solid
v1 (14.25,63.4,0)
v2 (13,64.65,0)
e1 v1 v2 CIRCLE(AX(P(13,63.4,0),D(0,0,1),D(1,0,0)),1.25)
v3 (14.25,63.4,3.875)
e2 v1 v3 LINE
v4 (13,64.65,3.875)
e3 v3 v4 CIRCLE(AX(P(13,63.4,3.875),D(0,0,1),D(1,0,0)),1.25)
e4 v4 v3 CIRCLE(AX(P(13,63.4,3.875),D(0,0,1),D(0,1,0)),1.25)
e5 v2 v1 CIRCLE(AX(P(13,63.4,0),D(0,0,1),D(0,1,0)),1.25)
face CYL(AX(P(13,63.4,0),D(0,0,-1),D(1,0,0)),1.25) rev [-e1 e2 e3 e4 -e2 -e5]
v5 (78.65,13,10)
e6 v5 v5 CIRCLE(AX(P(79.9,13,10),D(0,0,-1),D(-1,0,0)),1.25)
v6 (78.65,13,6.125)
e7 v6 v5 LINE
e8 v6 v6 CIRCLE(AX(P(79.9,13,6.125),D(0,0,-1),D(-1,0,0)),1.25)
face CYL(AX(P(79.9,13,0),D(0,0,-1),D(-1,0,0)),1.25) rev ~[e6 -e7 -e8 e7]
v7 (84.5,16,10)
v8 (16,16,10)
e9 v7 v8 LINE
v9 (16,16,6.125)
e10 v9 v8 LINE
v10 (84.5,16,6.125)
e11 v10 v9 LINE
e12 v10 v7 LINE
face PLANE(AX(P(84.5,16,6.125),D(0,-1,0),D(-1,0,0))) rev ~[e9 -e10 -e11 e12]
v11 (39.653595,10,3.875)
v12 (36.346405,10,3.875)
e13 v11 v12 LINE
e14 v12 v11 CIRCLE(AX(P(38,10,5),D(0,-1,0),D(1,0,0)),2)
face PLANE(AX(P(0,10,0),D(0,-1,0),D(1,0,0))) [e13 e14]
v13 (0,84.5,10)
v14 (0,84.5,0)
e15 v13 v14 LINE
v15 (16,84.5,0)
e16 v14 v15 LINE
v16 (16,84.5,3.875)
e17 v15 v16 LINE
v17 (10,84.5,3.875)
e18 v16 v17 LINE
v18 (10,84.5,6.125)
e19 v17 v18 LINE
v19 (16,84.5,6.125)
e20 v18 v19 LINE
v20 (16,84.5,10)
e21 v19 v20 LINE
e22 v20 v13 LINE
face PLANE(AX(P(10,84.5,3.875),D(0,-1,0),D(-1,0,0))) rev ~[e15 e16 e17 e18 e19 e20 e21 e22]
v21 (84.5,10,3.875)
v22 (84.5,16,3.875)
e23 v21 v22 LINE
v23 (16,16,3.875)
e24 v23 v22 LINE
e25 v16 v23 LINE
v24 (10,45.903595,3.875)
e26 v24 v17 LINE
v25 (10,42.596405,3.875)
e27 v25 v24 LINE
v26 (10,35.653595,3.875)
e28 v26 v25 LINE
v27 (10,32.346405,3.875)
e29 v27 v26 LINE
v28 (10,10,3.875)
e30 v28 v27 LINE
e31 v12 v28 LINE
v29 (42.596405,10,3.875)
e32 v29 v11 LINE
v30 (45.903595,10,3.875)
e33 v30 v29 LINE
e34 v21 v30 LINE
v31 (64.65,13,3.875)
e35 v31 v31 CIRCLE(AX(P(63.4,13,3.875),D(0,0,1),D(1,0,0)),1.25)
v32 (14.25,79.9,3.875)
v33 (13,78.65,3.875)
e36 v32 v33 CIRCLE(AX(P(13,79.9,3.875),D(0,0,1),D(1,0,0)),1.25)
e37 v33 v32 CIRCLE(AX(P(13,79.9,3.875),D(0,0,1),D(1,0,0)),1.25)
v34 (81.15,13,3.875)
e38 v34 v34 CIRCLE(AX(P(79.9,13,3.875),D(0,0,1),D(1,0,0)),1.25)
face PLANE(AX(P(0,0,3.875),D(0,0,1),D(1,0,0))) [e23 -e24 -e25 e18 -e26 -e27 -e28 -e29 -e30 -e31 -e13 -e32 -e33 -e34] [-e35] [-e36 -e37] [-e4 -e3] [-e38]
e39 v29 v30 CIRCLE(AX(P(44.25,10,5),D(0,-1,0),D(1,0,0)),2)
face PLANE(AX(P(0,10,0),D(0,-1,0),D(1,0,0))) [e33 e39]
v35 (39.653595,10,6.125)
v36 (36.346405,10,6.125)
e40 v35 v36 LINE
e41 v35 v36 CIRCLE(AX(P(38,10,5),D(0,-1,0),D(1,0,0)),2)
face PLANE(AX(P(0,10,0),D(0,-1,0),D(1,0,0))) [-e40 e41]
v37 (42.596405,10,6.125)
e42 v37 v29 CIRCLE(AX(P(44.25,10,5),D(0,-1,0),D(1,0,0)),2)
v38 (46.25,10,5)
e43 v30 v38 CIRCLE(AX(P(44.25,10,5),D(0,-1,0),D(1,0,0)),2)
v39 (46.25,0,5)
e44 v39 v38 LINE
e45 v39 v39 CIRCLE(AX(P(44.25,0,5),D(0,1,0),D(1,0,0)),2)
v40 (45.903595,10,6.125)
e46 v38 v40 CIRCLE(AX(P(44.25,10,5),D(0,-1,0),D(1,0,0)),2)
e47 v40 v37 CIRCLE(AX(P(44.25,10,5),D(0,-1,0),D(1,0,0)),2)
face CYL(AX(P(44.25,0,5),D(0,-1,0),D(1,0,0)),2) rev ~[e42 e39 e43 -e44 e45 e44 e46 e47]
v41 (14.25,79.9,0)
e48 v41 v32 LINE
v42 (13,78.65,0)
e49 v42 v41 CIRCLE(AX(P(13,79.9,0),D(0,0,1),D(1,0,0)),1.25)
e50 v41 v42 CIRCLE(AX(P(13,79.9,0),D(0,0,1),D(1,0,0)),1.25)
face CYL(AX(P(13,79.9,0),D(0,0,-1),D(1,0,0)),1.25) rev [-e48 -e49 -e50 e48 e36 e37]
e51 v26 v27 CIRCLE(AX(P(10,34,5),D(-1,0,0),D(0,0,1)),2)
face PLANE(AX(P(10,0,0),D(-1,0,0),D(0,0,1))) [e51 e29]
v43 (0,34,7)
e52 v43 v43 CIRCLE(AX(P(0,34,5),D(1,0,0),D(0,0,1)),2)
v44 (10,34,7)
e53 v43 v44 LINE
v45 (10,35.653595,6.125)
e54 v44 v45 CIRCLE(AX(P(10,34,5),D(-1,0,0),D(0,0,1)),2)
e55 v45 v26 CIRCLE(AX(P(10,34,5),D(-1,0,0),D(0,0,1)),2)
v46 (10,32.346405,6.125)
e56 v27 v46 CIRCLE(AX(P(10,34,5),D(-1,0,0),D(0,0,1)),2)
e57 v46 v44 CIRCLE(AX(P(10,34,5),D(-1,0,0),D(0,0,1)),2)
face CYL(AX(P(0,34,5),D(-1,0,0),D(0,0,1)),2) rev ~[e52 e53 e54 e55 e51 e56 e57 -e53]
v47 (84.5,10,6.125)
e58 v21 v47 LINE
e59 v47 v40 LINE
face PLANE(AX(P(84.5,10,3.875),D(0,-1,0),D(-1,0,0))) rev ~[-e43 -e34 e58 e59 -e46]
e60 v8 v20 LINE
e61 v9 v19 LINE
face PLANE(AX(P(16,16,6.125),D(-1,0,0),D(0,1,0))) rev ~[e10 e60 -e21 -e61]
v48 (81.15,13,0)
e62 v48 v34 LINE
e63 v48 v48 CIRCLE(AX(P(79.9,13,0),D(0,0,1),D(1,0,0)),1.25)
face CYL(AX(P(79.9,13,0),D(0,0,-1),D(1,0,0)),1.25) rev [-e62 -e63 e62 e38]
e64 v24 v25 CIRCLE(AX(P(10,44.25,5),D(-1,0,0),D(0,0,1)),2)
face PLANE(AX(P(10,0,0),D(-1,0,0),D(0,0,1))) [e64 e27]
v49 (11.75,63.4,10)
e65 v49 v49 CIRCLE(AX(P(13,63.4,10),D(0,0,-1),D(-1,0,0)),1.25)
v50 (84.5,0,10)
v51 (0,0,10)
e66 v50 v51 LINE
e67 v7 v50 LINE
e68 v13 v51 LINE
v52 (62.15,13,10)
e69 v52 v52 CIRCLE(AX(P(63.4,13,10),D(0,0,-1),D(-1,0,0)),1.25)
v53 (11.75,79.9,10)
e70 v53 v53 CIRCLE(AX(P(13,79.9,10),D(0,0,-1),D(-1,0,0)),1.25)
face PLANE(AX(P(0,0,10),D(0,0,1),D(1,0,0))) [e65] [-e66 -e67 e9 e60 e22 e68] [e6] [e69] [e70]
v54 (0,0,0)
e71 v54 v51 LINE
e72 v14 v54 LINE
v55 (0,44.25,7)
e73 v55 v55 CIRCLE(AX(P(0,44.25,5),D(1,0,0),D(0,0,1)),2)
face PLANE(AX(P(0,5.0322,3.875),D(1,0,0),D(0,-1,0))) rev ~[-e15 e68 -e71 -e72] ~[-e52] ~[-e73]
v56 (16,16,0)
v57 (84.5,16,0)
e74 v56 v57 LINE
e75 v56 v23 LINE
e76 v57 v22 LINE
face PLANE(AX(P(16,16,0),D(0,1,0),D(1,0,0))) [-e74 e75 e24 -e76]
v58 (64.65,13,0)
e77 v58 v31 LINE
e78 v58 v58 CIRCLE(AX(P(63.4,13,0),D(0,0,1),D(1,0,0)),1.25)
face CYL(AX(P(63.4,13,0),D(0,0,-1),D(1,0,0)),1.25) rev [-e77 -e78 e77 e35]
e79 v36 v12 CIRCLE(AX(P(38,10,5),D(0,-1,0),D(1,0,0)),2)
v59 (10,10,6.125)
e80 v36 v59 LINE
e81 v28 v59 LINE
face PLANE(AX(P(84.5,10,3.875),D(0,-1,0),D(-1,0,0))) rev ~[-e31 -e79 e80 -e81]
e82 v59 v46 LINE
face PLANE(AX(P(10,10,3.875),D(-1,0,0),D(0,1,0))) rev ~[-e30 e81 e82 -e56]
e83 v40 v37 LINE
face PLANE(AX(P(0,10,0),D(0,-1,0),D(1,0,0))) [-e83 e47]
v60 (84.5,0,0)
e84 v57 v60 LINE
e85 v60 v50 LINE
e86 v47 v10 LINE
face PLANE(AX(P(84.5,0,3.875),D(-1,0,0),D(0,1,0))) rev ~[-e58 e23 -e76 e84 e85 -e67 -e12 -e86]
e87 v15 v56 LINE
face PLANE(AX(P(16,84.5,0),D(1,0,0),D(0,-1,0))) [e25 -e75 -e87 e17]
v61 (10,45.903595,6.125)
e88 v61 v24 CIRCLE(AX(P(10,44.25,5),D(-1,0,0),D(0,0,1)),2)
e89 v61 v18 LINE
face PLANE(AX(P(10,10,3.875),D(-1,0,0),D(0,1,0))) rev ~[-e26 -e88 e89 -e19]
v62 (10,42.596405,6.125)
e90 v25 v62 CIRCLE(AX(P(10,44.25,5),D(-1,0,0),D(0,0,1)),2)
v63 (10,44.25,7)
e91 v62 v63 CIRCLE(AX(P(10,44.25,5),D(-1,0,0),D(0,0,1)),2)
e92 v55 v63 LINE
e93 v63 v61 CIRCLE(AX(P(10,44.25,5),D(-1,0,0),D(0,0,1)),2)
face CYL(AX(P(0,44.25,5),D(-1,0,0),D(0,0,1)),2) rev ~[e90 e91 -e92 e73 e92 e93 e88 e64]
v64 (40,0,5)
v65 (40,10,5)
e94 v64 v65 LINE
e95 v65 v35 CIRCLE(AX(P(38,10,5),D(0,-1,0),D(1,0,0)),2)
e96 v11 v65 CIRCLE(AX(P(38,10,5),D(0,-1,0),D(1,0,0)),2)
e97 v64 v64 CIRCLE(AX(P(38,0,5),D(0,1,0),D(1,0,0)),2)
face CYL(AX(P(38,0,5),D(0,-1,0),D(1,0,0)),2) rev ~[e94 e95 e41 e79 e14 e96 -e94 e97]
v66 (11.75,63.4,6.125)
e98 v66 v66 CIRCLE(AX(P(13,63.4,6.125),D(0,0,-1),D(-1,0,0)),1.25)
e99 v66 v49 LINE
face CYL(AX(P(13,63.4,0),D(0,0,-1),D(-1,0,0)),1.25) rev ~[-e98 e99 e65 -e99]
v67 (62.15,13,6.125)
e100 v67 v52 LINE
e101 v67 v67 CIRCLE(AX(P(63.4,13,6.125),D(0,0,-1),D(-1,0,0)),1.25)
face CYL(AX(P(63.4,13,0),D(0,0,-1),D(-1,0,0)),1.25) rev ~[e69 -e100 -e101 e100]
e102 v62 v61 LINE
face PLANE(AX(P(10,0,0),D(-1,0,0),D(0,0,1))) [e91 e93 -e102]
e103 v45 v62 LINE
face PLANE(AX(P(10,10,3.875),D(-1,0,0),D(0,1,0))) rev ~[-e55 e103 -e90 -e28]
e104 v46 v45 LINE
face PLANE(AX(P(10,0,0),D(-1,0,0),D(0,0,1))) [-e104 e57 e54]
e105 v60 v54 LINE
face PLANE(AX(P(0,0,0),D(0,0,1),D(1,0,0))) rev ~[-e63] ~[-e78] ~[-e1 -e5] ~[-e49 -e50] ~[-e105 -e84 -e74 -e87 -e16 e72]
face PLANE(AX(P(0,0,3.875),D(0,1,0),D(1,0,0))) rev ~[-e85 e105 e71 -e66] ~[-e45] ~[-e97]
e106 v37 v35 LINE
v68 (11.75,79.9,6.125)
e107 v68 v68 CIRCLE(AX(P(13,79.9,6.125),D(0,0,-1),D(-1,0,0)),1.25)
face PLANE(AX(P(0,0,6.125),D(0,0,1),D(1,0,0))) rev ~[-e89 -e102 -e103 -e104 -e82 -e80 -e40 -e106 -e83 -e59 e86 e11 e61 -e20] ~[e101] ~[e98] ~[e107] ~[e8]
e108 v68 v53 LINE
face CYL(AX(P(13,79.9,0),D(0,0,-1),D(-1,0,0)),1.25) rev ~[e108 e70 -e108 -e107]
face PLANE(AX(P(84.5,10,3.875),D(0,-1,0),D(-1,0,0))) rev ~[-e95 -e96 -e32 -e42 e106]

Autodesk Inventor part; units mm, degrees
ref_plane "YZ Plane" through (0, 0, 0) normal (1, 0, 0) x (0, 1, 0)
ref_plane "XZ Plane" through (0, 0, 0) normal (0, 1, 0) x (-1, 0, 0)
ref_plane "XY Plane" through (0, 0, 0) normal (0, 0, 1) x (1, 0, 0)
sketch "Sketch1" plane through (0, 0, 0) normal (0, 0, 1) x (1, 0, 0)
  line L0 (0, 0) -> (0, 10)
  line L1 (0, 10) -> (0, 78.5)
  line L2 (0, 78.5) -> (0, 84.5)
  line L3 (0, 84.5) -> (10, 84.5)
  line L4 (10, 84.5) -> (16, 84.5)
  line L5 (16, 84.5) -> (16, 16)
  line L6 (16, 16) -> (84.5, 16)
  line L7 (84.5, 0) -> (0, 0)
  line L8 (10, 84.5) -> (10, 10)
  line L9 (84.5, 16) -> (84.5, 10)
  line L10 (84.5, 10) -> (84.5, 0)
  line L11 (84.5, 0) -> (0, 0)
  line L12 (84.5, 10) -> (10, 10)
  circle A0 centre (13, 79.9) radius 1.25
  circle A1 centre (13, 63.4) radius 1.25
  line L13 (13, 82.5899) -> (13, 13)
  circle A2 centre (63.4, 13) radius 1.25
  circle A3 centre (79.9, 13) radius 1.25
  point P0 (13, 84.5)
  dimension "d0" = 68.5
  dimension "d1" = 10
  dimension "d2" = 10
  dimension "d3" = 6
  dimension "d6" = 10
  dimension "d7" = 6
  dimension "d8" = 0
  dimension "d9" = 2.5
  dimension "d11" = 6
  dimension "d13" = 69.9
  dimension "d14" = 2.5
  dimension "d15" = 53.4
  dimension "d16" = 0
  dimension "d17" = 84.5
  dimension "d20" = 90
extrude "Extrusion1" add sketch "Sketch1" along normal blind 3.875
sketch "Sketch2" plane through (0, 0, 3.875) normal (0, 0, 1) x (1, 0, 0)
  line L0 (0, 0) -> (84.5, 0) projected
  line L1 (84.5, 0) -> (84.5, 16) projected
  line L2 (84.5, 16) -> (16, 16) projected
  line L3 (16, 16) -> (16, 84.5) projected
  line L4 (16, 84.5) -> (0, 84.5) projected
  line L5 (0, 84.5) -> (0, 0) projected
  circle A0 centre (13, 63.4) radius 1.25 projected
  circle A1 centre (13, 79.9) radius 1.25 projected
  circle A2 centre (63.4, 13) radius 1.25 projected
  circle A3 centre (79.9, 13) radius 1.25 projected
  line L6 (0, 0) -> (5.4402, 0)
  line L7 (10, 10) -> (10, 84.5)
  line L8 (10, 84.5) -> (0, 84.5)
  line L9 (0, 84.5) -> (0, 0)
  line L10 (84.5, 0) -> (84.5, 16) projected
  line L11 (0, 0) -> (84.5, 0)
  line L12 (84.5, 0) -> (84.5, 10)
  line L13 (84.5, 10) -> (10, 10)
  line L14 (0, 5.0322) -> (0, 0)
  dimension "d24" = 10
  dimension "d25" = 10
extrude "Extrusion2" add sketch "Sketch2" along normal blind 2.25 contours L5 L4 L7 L13 L1 L0
sketch "Sketch5" plane through (0, 0, 6.125) normal (0, 0, 1) x (1, 0, 0)
  line L0 (10, 10) -> (10, 84.5) projected
  line L1 (10, 84.5) -> (0, 84.5) projected
  line L2 (0, 84.5) -> (0, 0) projected
  line L3 (0, 0) -> (84.5, 0) projected
  line L4 (84.5, 0) -> (84.5, 10) projected
  line L5 (84.5, 10) -> (10, 10) projected
  circle A0 centre (79.9, 13) radius 1.25 projected
  circle A1 centre (63.4, 13) radius 1.25 projected
  circle A2 centre (13, 79.9) radius 1.25 projected
  circle A3 centre (13, 63.4) radius 1.25 projected
  line L6 (10, 84.5) -> (10, 10) projected
  line L7 (10, 10) -> (84.5, 10) projected
  line L8 (84.5, 10) -> (84.5, 16) projected
  line L9 (84.5, 16) -> (16, 16) projected
  line L10 (16, 16) -> (16, 84.5) projected
  line L11 (16, 84.5) -> (10, 84.5) projected
  line L12 (0, 84.5) -> (16, 84.5)
  line L13 (16, 0) -> (0, 0)
  line L14 (0, 0) -> (0, 84.5)
  line L15 (0, 0) -> (84.5, 0)
  line L16 (84.5, 0) -> (84.5, 16)
  line L17 (84.5, 16) -> (16, 16)
  line L18 (0, 16) -> (0, 0)
  line L19 (16, 84.5) -> (16, 16)
extrude "Extrusion5" add sketch "Sketch5" along normal blind 3.875 contours L5 L4 L3 L2 L1 L0 | L0 L11 L10 L9 L8 L5 | A0 | A1 | A2 | A3
sketch "Sketch6" plane through (0, 0, 0) normal (-1, 0, 0) x (0, 0, 1)
  line L0 (3.875, 84.5) -> (3.875, 10) projected
  line L1 (3.875, 84.5) -> (6.125, 84.5) projected
  line L2 (6.125, 10) -> (6.125, 84.5) projected
  line L3 (3.875, 10) -> (6.125, 10) projected
  line L4 (0, 84.5) -> (10, 84.5) projected
  line L5 (0, 84.5) -> (0, 0) projected
  line L6 (0, 0) -> (10, 0) projected
  line L7 (10, 84.5) -> (10, 0) projected
  circle A0 centre (5, 44.25) radius 2
  circle A1 centre (5, 34) radius 2
  point P0 (6.125, 47.25)
  dimension "d51" = 4
  dimension "d52" = 4
  dimension "d53" = 10
  dimension "d54" = 5
  dimension "d55" = 5
  dimension "d73" = 24
  dimension "d74" = 34.25
extrude "Extrusion6" cut sketch "Sketch6" against normal blind 10 contours A0 L2 L0 | L0 A0 | A0 L2 | A1 L2 L0 | L0 A1 | A1 L2
sketch "Sketch7" plane through (0, 0, 0) normal (0, -1, 0) x (1, 0, 0)
  line L0 (10, 3.875) -> (84.5, 3.875) projected
  line L1 (10, 3.875) -> (10, 6.125) projected
  line L2 (84.5, 6.125) -> (10, 6.125) projected
  line L3 (84.5, 3.875) -> (84.5, 6.125) projected
  line L4 (0, 0) -> (0, 10) projected
  line L5 (0, 0) -> (84.5, 0) projected
  line L6 (84.5, 0) -> (84.5, 10) projected
  line L7 (0, 10) -> (84.5, 10) projected
  circle A0 centre (44.25, 5) radius 2
  circle A1 centre (38, 5) radius 2
  point P0 (84.5, 5)
  dimension "d60" = 4
  dimension "d61" = 4
  dimension "d62" = 10
  dimension "d63" = 5
  dimension "d64" = 5
  dimension "d77" = 28
  dimension "d78" = 34.25
extrude "Extrusion7" cut sketch "Sketch7" against normal blind 10 contours A1 L2 L0 | L0 A1 | A1 L2 | A0 L2 L0 | L0 A0 | A0 L2
sketch "Sketch8" plane through (0, 0, 0) normal (0, 0, -1) x (-1, 0, 0)
  line L0 (0, 0) -> (-84.5, 0) projected
  line L1 (0, 84.5) -> (0, 0) projected
  line L2 (-16, 84.5) -> (0, 84.5) projected
  line L3 (-16, 16) -> (-16, 84.5) projected
  line L4 (-84.5, 16) -> (-16, 16) projected
  line L5 (-84.5, 0) -> (-84.5, 16) projected
  circle A0 centre (-13, 63.4) radius 1.25 projected
  circle A1 centre (-13, 79.9) radius 1.25 projected
  circle A2 centre (-63.4, 13) radius 1.25 projected
  circle A3 centre (-79.9, 13) radius 1.25 projected
  circle A4 centre (-79.9, 13) radius 1.25
  circle A5 centre (-63.4, 13) radius 1.25
  circle A6 centre (-13, 63.4) radius 1.25
  circle A7 centre (-13, 79.9) radius 1.25
extrude "Extrusion8" cut sketch "Sketch8" against normal through all contours A0 | A1 | A2 | A3
equation "\"d0\" = PCB_L"
equation "\"d1\" = Clamp_Bracket_W"
equation "\"d2\" = Clamp_Bracket_W"
equation "\"d3\" = Trim_Mount_W"
equation "\"d6\" = d1"
equation "\"d7\" = d3"
equation "\"d11\" = Trim_Mount_W"
equation "\"d14\" = d9"
equation "\"d17\" = d0 + d1 + d11"
equation "\"d22\" = Mount_W_Back"
equation "\"d24\" = Clamp_Bracket_W"
equation "\"d25\" = Clamp_Bracket_W"
equation "\"d49\" = Mount_W_Front"
equation "\"d51\" = Post_Mount_Hole_D"
equation "\"d52\" = d51"
equation "\"d54\" = 0.5 * d53"
equation "\"d55\" = 0.5 * d53"
equation "\"d73\" = 0.5 * PCB_W - PCB_W_Offset"
equation "\"d74\" = 0.5 * PCB_L"
equation "\"d58\" = Clamp_Bracket_W"
equation "\"d60\" = d51"
equation "\"d61\" = d51"
equation "\"d63\" = 0.5 * d62"
equation "\"d64\" = 0.5 * d62"
equation "\"d77\" = 0.5 * PCB_W + PCB_W_Offset"
equation "\"d78\" = 0.5 * PCB_L"
equation "\"d67\" = Clamp_Bracket_W"
equation "\"PCB_L\" = 68.5"
equation "\"Clamp_Bracket_W\" = 10"
equation "\"Trim_Mount_W\" = 6"
equation "\"Mount_W_Back\" = 3.875"
equation "\"Mount_W_Front\" = 3.875"
equation "\"Post_Mount_Hole_D\" = 4"
equation "\"PCB_W\" = 52"
equation "\"PCB_W_Offset\" = 2"
properties part number "UCD V1.0 PCB Holder"
